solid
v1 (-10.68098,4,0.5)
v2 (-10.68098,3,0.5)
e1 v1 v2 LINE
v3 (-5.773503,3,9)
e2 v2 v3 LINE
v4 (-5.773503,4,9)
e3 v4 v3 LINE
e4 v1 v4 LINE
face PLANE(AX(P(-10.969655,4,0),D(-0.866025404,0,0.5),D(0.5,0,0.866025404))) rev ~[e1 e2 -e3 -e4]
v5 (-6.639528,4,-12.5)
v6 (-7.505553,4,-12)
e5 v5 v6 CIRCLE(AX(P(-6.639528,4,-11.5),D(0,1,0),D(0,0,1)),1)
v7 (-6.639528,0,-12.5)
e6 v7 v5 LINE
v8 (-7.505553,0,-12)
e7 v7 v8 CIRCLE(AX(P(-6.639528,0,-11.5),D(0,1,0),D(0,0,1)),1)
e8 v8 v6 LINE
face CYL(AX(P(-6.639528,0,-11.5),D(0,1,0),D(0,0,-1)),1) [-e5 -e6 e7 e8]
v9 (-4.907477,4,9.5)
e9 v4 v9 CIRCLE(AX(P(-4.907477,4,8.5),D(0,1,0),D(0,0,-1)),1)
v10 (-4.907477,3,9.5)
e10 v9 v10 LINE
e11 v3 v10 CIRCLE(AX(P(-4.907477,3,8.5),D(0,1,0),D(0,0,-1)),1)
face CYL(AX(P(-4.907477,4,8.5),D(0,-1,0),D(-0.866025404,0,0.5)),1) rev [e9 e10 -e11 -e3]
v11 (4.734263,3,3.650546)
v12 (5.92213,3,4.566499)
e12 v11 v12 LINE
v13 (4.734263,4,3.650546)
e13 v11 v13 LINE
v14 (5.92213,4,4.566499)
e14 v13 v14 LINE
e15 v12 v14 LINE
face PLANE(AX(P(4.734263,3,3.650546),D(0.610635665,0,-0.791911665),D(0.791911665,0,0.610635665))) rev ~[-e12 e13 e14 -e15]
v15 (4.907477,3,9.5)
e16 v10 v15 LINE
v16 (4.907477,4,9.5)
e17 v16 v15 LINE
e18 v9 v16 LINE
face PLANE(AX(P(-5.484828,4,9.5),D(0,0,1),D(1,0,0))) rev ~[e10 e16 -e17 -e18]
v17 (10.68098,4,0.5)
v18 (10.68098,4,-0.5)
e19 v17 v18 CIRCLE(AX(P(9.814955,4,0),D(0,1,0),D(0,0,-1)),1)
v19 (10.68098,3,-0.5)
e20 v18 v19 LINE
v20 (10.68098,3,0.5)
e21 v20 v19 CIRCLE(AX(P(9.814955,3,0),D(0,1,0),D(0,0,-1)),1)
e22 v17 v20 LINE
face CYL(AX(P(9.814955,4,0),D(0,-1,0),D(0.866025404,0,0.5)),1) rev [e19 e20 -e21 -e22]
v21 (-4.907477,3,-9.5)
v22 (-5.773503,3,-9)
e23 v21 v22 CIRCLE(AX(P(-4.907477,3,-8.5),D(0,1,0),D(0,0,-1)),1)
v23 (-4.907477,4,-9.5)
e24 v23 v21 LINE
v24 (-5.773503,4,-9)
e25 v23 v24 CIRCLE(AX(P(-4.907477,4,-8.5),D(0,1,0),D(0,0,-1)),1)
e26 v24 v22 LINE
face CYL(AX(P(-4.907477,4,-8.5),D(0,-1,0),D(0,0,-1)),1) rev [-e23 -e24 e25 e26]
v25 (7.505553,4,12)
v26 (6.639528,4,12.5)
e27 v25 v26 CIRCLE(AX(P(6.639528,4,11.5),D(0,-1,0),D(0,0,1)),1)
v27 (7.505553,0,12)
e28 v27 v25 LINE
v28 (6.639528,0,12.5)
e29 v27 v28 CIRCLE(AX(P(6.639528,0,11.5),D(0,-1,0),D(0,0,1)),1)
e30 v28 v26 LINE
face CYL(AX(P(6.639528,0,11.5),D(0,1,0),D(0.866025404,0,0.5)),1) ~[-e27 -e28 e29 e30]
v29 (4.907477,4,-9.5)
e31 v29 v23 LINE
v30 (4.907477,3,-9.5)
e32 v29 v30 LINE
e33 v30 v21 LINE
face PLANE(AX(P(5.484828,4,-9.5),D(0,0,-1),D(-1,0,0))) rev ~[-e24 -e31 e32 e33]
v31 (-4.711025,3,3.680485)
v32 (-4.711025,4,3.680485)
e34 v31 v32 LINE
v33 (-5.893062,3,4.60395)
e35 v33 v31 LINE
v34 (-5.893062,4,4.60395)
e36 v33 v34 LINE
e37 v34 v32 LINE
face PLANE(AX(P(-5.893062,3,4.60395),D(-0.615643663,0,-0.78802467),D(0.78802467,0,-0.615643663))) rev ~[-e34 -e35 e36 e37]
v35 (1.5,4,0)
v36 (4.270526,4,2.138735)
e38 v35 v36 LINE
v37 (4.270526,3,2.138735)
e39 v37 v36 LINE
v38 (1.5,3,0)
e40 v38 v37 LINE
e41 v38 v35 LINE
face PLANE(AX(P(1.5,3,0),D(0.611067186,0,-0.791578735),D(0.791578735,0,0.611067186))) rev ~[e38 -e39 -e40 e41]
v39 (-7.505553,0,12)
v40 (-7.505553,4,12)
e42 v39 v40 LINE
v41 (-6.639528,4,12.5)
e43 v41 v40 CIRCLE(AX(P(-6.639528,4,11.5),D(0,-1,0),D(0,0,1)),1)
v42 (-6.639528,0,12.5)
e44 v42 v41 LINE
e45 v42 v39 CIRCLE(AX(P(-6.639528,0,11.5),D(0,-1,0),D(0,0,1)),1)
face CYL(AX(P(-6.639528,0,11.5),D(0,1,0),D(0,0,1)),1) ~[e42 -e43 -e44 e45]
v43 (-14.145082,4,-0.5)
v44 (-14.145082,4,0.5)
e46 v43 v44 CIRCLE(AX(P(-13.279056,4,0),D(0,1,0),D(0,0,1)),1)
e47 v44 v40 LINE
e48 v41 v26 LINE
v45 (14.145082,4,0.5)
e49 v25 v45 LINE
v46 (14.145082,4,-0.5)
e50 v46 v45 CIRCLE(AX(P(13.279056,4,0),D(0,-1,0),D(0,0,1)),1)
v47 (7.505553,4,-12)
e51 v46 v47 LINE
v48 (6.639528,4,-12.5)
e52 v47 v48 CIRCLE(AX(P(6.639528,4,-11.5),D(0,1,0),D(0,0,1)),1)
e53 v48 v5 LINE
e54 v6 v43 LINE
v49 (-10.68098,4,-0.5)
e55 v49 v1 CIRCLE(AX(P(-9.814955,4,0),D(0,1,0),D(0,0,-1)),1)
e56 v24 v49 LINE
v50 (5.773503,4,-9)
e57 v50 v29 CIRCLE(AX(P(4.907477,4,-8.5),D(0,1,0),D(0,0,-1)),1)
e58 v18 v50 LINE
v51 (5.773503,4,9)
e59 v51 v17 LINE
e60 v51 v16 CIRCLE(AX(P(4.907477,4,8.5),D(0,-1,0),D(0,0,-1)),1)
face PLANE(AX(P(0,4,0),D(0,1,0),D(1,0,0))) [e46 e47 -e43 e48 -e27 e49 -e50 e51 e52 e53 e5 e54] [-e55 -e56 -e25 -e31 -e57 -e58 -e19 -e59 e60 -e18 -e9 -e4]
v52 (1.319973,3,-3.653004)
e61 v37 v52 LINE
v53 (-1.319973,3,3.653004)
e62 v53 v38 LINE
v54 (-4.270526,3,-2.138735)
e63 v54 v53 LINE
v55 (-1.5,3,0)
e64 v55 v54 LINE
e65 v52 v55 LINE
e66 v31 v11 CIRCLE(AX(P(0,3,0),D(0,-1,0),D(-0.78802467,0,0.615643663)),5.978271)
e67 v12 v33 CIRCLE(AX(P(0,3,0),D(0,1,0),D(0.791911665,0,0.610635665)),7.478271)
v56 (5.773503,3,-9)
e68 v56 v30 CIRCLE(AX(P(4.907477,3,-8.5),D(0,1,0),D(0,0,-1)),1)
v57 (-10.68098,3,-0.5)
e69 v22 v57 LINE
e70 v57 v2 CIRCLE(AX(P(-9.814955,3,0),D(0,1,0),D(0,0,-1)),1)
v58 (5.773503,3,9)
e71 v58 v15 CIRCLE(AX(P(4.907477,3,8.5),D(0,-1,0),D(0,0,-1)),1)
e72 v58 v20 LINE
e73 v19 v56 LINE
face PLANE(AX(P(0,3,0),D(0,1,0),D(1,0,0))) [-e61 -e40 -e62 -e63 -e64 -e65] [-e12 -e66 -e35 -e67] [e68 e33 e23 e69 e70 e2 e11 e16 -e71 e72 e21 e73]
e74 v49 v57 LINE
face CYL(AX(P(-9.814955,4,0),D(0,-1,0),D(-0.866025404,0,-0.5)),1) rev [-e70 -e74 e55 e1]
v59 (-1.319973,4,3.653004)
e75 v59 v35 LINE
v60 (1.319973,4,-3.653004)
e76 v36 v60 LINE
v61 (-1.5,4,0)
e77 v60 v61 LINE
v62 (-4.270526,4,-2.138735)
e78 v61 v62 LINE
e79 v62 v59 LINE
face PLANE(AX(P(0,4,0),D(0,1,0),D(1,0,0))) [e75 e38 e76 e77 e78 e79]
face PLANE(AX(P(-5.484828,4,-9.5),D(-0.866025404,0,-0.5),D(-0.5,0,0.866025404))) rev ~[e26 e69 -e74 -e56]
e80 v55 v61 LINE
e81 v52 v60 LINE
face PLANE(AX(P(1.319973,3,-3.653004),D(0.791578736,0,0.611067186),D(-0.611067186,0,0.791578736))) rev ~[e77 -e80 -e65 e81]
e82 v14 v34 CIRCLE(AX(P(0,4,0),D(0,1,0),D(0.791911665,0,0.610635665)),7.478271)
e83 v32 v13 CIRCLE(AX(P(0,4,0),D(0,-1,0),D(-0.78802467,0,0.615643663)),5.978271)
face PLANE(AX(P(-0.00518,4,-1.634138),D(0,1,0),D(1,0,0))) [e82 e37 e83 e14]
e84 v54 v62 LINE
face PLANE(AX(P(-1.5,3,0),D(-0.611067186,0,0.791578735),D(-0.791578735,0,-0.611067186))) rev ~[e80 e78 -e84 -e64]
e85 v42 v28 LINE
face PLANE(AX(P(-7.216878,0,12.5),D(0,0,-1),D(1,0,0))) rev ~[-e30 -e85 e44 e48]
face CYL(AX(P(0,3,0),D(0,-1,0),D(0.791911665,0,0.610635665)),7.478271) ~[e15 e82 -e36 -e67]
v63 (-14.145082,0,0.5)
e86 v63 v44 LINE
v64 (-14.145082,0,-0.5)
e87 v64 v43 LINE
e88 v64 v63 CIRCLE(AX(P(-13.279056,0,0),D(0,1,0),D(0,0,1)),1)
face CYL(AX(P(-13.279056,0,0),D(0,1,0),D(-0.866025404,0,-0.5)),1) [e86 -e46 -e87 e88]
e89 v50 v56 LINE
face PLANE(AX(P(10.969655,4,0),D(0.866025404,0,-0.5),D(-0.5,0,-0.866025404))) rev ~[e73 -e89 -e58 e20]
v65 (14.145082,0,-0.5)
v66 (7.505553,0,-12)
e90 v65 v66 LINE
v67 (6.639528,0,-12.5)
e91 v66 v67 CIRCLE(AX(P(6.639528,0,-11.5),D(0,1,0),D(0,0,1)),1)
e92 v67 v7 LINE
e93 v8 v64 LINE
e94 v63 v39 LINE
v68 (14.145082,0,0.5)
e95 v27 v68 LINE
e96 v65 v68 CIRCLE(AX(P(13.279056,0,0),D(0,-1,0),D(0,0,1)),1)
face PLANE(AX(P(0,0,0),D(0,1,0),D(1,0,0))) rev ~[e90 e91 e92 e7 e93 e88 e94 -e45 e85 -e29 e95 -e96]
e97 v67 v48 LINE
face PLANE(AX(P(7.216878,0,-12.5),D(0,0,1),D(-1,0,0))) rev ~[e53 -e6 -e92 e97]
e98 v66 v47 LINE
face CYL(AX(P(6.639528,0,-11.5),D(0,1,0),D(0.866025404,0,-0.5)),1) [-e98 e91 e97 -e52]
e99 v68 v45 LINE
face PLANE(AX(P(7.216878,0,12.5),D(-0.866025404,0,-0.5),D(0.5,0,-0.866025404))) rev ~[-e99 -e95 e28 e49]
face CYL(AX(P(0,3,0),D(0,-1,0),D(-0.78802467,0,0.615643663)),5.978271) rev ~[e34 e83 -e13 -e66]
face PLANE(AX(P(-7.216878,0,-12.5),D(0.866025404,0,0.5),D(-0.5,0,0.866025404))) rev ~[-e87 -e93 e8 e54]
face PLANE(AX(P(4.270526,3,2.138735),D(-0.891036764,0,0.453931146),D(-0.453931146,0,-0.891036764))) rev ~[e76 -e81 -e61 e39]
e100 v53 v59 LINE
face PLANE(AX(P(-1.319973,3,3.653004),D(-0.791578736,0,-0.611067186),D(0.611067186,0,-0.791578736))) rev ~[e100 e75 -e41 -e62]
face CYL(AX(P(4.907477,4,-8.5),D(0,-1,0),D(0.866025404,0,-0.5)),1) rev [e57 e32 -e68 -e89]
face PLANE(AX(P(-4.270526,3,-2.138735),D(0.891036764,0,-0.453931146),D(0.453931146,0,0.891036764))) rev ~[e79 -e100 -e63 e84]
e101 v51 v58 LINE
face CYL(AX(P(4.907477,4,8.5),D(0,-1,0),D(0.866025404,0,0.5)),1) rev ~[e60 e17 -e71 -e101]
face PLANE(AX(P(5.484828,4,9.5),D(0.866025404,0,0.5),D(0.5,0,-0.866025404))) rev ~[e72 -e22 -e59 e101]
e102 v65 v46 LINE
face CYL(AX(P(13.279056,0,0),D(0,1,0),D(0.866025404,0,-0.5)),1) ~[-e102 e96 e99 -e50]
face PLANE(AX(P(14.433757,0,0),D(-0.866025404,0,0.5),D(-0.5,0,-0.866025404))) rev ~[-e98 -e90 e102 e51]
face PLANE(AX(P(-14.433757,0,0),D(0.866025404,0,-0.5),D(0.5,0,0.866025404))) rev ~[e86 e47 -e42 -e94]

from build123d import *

# Parameters (mm, degrees)
EXTRUDE_1_DEPTH     = 4
CUT_EXTRUDE_1_DEPTH = 1
FILLET_1_R          = 1
EXTRUDE_2_DEPTH     = 1


with BuildPart() as part:
    # 草图1 → 凸台-拉伸1 (new body)
    with BuildSketch(Plane(origin=(0, 0, 0), x_dir=(1, 0, 0), z_dir=(0, 1, 0))):
        Polygon((14.43375673, 0), (7.216878365, 12.5), (-7.216878365, 12.5), (-14.43375673, 0), (-7.216878365, -12.5), (7.216878365, -12.5), align=None)
    extrude(amount=EXTRUDE_1_DEPTH)

    # 草图2 → 切除-拉伸1 (cut)
    with BuildSketch(Plane(origin=(0, 4, 0), x_dir=(1, 0, 0), z_dir=(0, 1, 0))):
        Polygon((5.484827557, -9.5), (10.969655115, 0), (5.484827557, 9.5), (-5.484827557, 9.5), (-10.969655115, 0), (-5.484827557, -9.5), align=None)
    extrude(amount=-CUT_EXTRUDE_1_DEPTH, mode=Mode.SUBTRACT)

    # 圆角1
    fillet_1_edges = [part.edges().sort_by_distance(p)[0] for p in [
        (7.216878365, 2, 12.5),
        (-7.216878365, 2, 12.5),
        (-14.43375673, 2, 0),
        (-7.216878365, 2, -12.5),
        (7.216878365, 2, -12.5),
        (14.43375673, 2, 0),
        (5.484827557, 3.5, 9.5),
        (-5.484827557, 3.5, 9.5),
        (-10.969655115, 3.5, 0),
        (-5.484827557, 3.5, -9.5),
        (5.484827557, 3.5, -9.5),
        (10.969655115, 3.5, 0),
    ]]
    fillet(fillet_1_edges, radius=FILLET_1_R)

    # 草图3 → 凸台-拉伸2 (add)
    with BuildSketch(Plane(origin=(0, 3, 0), x_dir=(1, 0, 0), z_dir=(0, 1, 0))):
        Polygon((4.270525574, -2.13873515), (1.319973126, 3.653003816), (-1.5, 0), (-4.270525574, 2.13873515), (-1.319973126, -3.653003816), (1.5, 0), align=None)
        with BuildLine():
            Line((4.73426289, -3.650545759), (5.922130387, -4.566499256))
            ThreePointArc((5.922130387, -4.566499256), (-0.023704107, 7.478233875), (-5.893062385, -4.603950425))
            Line((-5.893062385, -4.603950425), (-4.71102538, -3.68048493))
            ThreePointArc((-4.71102538, -3.68048493), (-0.018949511, 5.978241411), (4.73426289, -3.650545759))
        make_face()
    extrude(amount=EXTRUDE_2_DEPTH)


solid = part.part
